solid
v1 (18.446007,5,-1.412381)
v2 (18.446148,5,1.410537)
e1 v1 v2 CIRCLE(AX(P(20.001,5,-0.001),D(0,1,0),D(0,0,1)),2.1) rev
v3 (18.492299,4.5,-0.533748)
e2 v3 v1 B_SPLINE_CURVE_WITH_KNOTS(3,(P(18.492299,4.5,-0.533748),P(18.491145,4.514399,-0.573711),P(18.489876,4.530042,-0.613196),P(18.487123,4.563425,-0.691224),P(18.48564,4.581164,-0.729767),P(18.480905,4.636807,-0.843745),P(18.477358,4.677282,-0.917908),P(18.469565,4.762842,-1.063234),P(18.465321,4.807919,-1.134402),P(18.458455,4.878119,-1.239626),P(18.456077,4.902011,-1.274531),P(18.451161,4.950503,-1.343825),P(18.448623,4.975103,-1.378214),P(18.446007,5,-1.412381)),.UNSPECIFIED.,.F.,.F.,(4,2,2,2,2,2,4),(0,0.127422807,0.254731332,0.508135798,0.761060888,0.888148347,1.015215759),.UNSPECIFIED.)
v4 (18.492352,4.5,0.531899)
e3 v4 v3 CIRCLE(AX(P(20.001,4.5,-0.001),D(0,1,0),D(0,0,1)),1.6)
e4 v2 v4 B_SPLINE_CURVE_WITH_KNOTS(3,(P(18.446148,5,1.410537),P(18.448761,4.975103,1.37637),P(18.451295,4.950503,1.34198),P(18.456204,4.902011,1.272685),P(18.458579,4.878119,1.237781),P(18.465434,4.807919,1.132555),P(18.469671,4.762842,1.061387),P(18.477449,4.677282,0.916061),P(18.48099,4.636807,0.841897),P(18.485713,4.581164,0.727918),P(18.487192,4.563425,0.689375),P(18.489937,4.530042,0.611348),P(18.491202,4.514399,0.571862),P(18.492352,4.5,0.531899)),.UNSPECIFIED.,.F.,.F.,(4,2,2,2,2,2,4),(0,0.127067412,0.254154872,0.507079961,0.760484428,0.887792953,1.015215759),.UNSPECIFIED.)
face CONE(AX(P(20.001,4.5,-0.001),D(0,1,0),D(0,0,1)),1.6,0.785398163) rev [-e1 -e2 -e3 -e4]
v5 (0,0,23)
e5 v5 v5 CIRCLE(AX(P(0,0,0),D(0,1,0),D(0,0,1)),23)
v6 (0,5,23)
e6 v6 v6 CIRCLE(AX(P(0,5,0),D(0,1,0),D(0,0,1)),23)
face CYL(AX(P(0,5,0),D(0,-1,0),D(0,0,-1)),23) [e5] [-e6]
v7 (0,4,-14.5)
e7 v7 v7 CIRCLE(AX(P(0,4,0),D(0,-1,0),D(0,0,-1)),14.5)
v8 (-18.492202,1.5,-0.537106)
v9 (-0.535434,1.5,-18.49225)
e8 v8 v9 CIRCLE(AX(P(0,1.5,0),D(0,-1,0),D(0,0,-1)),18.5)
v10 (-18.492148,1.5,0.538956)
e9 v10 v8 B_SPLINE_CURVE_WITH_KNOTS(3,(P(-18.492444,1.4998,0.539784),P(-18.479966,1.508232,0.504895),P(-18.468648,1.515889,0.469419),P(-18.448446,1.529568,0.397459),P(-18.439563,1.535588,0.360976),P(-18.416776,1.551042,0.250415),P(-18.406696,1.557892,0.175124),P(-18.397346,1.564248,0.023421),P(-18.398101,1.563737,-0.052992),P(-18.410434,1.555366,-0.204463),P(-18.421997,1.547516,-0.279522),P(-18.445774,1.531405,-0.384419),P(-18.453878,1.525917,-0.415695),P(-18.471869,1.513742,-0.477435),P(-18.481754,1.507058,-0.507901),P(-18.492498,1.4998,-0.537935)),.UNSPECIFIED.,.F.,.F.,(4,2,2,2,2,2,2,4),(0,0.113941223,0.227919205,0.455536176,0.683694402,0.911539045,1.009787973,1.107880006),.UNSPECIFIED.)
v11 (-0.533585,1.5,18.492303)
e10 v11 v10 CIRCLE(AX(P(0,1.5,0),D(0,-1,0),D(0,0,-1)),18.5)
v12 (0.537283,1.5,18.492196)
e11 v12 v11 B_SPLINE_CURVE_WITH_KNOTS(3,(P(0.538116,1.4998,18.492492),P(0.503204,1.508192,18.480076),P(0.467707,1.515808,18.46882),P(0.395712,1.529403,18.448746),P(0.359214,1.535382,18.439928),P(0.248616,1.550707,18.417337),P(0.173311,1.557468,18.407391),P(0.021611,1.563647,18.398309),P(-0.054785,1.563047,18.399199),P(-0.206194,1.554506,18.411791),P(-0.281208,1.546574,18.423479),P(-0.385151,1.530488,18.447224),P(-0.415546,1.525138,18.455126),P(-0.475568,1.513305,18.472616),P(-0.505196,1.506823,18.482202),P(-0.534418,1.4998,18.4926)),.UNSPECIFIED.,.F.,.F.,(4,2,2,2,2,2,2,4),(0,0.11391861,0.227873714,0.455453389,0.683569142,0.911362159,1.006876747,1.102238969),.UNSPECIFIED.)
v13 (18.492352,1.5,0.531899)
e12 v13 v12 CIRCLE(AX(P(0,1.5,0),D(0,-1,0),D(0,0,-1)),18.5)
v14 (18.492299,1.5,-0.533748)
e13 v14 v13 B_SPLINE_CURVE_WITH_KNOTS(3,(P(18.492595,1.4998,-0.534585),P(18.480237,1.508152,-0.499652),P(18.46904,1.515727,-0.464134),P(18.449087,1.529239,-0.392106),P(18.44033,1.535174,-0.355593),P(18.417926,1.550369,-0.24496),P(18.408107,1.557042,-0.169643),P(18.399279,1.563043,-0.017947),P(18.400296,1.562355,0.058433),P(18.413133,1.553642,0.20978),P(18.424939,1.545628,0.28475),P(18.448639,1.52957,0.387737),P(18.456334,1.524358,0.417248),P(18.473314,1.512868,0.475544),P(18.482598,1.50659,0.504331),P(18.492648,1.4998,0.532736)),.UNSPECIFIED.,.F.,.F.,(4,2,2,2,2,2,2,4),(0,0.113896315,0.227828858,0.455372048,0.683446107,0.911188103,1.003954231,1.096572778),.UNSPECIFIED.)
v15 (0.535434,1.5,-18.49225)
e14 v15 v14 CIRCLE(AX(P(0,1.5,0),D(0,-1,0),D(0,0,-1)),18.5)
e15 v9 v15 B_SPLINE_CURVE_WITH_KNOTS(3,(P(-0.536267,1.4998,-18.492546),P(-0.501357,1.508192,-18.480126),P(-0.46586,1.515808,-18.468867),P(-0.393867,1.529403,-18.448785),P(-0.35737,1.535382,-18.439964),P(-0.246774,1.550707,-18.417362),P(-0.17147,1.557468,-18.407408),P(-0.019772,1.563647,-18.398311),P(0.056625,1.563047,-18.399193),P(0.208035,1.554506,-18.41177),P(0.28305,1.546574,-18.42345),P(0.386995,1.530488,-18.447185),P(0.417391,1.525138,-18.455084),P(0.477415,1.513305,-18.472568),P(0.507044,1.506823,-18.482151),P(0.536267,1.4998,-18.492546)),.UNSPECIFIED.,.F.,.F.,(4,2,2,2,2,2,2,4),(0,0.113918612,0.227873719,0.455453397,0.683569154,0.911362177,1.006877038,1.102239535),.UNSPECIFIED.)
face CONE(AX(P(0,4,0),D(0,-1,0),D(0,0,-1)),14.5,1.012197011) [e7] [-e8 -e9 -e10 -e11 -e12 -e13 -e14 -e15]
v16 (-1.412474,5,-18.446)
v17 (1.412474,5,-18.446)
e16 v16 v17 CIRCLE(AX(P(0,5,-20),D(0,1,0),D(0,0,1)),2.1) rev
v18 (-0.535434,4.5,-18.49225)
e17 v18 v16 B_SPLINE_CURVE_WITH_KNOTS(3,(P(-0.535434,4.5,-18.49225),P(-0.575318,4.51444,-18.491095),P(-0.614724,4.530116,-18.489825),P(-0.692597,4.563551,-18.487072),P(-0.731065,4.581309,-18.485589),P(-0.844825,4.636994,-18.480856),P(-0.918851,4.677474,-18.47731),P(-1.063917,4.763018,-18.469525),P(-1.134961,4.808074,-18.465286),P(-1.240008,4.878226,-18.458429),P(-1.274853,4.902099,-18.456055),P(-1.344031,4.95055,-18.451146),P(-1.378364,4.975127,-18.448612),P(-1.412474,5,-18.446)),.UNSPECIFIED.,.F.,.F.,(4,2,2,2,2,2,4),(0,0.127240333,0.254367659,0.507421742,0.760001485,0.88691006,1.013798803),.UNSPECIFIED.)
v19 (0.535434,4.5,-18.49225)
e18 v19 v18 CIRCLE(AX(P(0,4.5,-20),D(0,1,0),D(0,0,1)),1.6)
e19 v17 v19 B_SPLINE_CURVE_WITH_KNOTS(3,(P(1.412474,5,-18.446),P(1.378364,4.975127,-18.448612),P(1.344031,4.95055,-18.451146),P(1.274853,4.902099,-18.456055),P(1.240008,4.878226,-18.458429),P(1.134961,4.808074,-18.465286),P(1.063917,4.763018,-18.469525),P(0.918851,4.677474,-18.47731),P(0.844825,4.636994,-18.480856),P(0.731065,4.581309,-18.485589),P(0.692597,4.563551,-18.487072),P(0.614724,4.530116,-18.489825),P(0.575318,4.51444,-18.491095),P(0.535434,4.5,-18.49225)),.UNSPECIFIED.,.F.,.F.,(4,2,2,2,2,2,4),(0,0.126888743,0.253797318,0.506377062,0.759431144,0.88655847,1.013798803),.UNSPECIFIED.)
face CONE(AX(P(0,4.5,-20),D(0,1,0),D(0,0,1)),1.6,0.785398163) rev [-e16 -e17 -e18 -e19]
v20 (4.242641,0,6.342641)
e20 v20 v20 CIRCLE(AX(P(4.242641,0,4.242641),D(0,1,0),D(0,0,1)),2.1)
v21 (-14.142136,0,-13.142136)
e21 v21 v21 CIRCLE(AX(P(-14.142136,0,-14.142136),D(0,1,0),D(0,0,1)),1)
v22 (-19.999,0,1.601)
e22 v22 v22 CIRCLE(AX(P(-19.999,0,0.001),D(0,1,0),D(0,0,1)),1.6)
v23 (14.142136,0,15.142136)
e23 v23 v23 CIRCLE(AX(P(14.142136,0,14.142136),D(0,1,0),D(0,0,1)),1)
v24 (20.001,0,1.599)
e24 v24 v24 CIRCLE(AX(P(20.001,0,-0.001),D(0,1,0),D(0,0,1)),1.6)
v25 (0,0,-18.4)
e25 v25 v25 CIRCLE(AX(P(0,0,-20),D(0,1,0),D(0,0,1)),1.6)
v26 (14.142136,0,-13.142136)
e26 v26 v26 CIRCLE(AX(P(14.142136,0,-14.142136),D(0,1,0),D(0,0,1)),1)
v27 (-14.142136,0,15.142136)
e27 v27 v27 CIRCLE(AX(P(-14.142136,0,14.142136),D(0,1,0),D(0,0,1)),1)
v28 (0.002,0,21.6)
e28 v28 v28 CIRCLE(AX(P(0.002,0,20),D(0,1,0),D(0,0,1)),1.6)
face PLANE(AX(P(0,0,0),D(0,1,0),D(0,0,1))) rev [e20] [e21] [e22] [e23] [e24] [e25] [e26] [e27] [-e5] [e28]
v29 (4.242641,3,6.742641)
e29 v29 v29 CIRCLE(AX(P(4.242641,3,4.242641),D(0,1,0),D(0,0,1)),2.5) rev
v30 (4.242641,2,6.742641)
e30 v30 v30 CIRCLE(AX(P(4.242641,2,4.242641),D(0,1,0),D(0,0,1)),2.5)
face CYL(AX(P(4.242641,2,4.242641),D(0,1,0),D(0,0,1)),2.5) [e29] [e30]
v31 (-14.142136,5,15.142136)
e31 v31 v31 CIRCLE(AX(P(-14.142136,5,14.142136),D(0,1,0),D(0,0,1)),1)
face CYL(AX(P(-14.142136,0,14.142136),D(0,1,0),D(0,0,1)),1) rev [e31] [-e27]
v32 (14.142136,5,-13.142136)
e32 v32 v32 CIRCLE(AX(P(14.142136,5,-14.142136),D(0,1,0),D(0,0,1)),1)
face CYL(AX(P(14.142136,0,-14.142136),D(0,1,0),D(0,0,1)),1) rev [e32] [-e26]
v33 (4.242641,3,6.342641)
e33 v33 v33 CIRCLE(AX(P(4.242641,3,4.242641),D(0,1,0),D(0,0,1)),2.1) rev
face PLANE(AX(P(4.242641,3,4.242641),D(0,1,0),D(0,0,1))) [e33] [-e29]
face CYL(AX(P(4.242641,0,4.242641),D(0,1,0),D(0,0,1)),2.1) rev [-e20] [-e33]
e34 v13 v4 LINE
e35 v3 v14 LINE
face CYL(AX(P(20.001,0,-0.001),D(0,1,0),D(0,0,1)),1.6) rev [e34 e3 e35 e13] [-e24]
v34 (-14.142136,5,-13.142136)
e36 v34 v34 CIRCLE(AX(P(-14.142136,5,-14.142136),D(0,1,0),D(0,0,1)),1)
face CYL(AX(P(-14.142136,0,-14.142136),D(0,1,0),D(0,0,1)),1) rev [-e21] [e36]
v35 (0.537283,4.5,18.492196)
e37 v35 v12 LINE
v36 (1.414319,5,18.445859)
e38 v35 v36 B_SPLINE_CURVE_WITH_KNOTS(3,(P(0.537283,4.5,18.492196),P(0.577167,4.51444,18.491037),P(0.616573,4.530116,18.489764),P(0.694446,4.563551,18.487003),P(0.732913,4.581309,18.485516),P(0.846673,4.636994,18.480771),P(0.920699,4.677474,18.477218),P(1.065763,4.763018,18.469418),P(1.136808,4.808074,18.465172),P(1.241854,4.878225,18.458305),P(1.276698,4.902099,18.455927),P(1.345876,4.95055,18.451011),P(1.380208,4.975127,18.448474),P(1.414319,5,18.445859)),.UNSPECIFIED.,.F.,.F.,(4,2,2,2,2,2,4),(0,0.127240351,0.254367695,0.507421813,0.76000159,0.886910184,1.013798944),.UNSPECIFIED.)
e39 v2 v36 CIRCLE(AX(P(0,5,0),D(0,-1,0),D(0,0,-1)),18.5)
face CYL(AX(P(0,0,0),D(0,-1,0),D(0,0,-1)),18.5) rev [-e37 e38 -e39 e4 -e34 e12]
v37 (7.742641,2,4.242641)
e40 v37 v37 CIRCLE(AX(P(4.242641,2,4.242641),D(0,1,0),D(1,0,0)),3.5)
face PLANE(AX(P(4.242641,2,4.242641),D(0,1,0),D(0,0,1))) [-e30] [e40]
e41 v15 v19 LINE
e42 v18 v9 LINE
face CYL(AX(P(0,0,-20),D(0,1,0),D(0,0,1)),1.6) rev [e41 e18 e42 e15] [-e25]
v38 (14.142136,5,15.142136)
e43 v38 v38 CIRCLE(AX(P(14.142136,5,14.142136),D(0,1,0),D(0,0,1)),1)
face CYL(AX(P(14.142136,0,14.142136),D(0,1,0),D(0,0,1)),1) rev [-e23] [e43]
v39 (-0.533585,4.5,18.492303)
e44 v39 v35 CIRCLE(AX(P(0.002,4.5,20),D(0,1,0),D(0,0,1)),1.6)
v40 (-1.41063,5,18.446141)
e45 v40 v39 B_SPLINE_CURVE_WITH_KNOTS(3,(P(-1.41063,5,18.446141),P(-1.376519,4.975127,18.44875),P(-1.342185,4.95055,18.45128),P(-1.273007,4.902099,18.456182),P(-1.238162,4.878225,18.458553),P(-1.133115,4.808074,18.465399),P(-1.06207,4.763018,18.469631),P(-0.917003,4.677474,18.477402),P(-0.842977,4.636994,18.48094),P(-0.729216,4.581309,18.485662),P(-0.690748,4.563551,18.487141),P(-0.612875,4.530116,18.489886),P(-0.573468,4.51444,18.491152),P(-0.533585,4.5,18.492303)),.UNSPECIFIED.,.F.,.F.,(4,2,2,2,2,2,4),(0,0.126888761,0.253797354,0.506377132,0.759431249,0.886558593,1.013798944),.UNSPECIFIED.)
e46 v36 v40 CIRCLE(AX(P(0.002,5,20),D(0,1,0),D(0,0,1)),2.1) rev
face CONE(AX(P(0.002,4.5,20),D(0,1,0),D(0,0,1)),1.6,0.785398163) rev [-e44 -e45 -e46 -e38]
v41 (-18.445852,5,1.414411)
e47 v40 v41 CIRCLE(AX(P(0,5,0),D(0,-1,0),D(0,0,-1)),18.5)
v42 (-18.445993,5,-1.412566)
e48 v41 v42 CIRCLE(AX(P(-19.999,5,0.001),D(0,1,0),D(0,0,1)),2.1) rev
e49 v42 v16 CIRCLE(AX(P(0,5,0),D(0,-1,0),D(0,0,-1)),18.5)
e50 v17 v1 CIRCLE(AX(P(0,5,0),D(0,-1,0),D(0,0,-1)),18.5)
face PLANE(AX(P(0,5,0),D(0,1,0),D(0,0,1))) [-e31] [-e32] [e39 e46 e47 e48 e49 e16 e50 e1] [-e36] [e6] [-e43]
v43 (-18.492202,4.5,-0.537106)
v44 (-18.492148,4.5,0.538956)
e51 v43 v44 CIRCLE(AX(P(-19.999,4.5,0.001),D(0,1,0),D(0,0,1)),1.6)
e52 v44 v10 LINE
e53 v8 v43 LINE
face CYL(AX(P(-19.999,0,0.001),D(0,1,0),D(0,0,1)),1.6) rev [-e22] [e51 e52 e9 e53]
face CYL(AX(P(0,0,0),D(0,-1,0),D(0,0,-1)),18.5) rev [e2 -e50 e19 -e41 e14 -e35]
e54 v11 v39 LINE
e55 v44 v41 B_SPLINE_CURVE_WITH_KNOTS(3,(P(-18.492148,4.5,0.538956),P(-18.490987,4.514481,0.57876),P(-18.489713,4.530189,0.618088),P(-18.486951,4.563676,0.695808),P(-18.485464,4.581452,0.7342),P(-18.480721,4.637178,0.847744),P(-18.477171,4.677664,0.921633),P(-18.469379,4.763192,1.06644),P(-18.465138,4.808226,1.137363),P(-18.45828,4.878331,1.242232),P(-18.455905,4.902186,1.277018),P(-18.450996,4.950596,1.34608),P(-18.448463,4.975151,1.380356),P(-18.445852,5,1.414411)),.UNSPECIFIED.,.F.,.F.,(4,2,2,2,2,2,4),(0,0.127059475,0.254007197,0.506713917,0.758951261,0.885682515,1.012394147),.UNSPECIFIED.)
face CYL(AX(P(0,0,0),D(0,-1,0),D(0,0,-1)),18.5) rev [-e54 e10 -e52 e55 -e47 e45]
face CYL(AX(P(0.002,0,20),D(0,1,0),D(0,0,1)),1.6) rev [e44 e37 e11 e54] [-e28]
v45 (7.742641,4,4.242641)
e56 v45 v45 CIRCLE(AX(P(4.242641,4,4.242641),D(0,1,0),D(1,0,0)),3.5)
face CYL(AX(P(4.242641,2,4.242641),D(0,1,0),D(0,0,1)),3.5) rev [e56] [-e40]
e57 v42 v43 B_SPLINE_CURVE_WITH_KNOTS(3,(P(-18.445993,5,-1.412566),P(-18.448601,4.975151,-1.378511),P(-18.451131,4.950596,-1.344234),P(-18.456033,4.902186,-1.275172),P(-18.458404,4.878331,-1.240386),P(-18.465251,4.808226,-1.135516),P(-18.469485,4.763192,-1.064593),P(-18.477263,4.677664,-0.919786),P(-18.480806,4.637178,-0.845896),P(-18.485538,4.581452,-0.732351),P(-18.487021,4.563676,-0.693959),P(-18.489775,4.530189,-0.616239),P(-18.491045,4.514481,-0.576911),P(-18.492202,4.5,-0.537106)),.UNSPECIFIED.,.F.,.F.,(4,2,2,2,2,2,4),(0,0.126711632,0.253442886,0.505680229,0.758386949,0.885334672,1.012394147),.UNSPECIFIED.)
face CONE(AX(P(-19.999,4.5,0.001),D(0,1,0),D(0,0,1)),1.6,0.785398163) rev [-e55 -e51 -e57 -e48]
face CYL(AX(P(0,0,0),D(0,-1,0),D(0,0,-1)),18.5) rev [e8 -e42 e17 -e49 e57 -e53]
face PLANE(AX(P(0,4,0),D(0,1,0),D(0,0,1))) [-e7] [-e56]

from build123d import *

# Parameters (mm, degrees)
SKETCH_1_R            = 23
EXTRUDE_1_DEPTH       = 5
SKETCH_2_R            = 1.6
CUT_EXTRUDE_1_DEPTH   = 33.908965344
SKETCH_3_R            = 1
CUT_EXTRUDE_2_DEPTH   = 33.908965344
SKETCH_4_W            = 14.5
SKETCH_4_H            = 1
SKETCH_5_R            = 2.1
CUT_EXTRUDE_3_DEPTH   = 33.771939229
SKETCH_6_R            = 3.5
SKETCH_6_R_2          = 2.5
CUT_EXTRUDE_1_2_DEPTH = 2
SKETCH_7_R            = 3.5
CUT_EXTRUDE_4_DEPTH   = 1
CHAMFER_1_SIZE        = 0.5


with BuildPart() as part:
    # 草图1 → 凸台-拉伸1 (new body)
    with BuildSketch(Plane(origin=(0, 0, 0), x_dir=(1, 0, 0), z_dir=(0, 1, 0))):
        with Locations(Location((0, 0, 0), (0, 0, 270))):
            Circle(SKETCH_1_R)
    extrude(amount=EXTRUDE_1_DEPTH)

    # 草图2 → Cut-Extrude 1 (cut, through all)
    with BuildSketch(Plane(origin=(0, 5, 0), x_dir=(1, 0, 0), z_dir=(0, 1, 0))):
        with Locations(Location((0, 20, 0), (0, 0, 270))):
            Circle(SKETCH_2_R)
        with Locations(Location((20.001, 0.001, 0), (0, 0, 270))):
            Circle(SKETCH_2_R)
        with Locations(Location((0.002, -20, 0), (0, 0, 270))):
            Circle(SKETCH_2_R)
        with Locations(Location((-19.999, -0.001, 0), (0, 0, 270))):
            Circle(SKETCH_2_R)
    extrude(amount=-CUT_EXTRUDE_1_DEPTH, mode=Mode.SUBTRACT)

    # 草图3 → 切除-拉伸2 (cut, through all)
    with BuildSketch(Plane(origin=(0, 5, 0), x_dir=(1, 0, 0), z_dir=(0, 1, 0))):
        with Locations(Location((14.142135624, 14.142135624, 0), (0, 0, 270))):
            Circle(SKETCH_3_R)
        with Locations(Location((14.142135624, -14.142135624, 0), (0, 0, 270))):
            Circle(SKETCH_3_R)
        with Locations(Location((-14.142135624, -14.142135624, 0), (0, 0, 270))):
            Circle(SKETCH_3_R)
        with Locations(Location((-14.142135624, 14.142135624, 0), (0, 0, 270))):
            Circle(SKETCH_3_R)
    extrude(amount=-CUT_EXTRUDE_2_DEPTH, mode=Mode.SUBTRACT)

    # 草图4 → 切除-旋转1 (revolve, cut)
    with BuildSketch(Plane.XY, mode=Mode.PRIVATE) as cut_revolve_1_sk:
        with Locations((7.25, 4.5)):
            Rectangle(SKETCH_4_W, SKETCH_4_H)
        Polygon((18.5, 1.5), (18.5, 5), (14.5, 5), (14.5, 4), align=None)
    revolve(cut_revolve_1_sk.sketch.rotate(Axis((0, 0, 0), (0, 1, 0)), 90), axis=Axis((0, 0, 0), (0, 1, 0)), mode=Mode.SUBTRACT)

    # 草图5 → 切除-拉伸3 (cut, through all)
    with BuildSketch(Plane(origin=(0, 4, 0), x_dir=(1, 0, 0), z_dir=(0, 1, 0))):
        with Locations(Location((4.242640687, -4.242640687, 0), (0, 0, 270))):
            Circle(SKETCH_5_R)
    extrude(amount=-CUT_EXTRUDE_3_DEPTH, mode=Mode.SUBTRACT)

    # 草图6 → Cut-Extrude 1 2 (cut)
    with BuildSketch(Plane(origin=(0, 4, 0), x_dir=(1, 0, 0), z_dir=(0, 1, 0))):
        with Locations((4.242640687, -4.242640687)):
            Circle(SKETCH_6_R)
        with Locations((4.242640687, -4.242640687)):
            Circle(SKETCH_6_R_2, mode=Mode.SUBTRACT)
    extrude(amount=-CUT_EXTRUDE_1_2_DEPTH, mode=Mode.SUBTRACT)

    # 草图7 → 切除-拉伸4 (cut)
    with BuildSketch(Plane(origin=(0, 4, 0), x_dir=(1, 0, 0), z_dir=(0, 1, 0))):
        with Locations((4.242640687, -4.242640687)):
            Circle(SKETCH_7_R)
    extrude(amount=-CUT_EXTRUDE_4_DEPTH, mode=Mode.SUBTRACT)

    # 倒角1
    chamfer_1_edges = [part.edges().sort_by_distance(p)[0] for p in [
        (0, 5, -21.6),
        (21.307215325, 5, -0.925013812),
        (1.578782453, 5, 20.271582579),
        (-21.306855112, 5, -0.920691384),
    ]]
    chamfer(chamfer_1_edges, length=CHAMFER_1_SIZE)


solid = part.part
